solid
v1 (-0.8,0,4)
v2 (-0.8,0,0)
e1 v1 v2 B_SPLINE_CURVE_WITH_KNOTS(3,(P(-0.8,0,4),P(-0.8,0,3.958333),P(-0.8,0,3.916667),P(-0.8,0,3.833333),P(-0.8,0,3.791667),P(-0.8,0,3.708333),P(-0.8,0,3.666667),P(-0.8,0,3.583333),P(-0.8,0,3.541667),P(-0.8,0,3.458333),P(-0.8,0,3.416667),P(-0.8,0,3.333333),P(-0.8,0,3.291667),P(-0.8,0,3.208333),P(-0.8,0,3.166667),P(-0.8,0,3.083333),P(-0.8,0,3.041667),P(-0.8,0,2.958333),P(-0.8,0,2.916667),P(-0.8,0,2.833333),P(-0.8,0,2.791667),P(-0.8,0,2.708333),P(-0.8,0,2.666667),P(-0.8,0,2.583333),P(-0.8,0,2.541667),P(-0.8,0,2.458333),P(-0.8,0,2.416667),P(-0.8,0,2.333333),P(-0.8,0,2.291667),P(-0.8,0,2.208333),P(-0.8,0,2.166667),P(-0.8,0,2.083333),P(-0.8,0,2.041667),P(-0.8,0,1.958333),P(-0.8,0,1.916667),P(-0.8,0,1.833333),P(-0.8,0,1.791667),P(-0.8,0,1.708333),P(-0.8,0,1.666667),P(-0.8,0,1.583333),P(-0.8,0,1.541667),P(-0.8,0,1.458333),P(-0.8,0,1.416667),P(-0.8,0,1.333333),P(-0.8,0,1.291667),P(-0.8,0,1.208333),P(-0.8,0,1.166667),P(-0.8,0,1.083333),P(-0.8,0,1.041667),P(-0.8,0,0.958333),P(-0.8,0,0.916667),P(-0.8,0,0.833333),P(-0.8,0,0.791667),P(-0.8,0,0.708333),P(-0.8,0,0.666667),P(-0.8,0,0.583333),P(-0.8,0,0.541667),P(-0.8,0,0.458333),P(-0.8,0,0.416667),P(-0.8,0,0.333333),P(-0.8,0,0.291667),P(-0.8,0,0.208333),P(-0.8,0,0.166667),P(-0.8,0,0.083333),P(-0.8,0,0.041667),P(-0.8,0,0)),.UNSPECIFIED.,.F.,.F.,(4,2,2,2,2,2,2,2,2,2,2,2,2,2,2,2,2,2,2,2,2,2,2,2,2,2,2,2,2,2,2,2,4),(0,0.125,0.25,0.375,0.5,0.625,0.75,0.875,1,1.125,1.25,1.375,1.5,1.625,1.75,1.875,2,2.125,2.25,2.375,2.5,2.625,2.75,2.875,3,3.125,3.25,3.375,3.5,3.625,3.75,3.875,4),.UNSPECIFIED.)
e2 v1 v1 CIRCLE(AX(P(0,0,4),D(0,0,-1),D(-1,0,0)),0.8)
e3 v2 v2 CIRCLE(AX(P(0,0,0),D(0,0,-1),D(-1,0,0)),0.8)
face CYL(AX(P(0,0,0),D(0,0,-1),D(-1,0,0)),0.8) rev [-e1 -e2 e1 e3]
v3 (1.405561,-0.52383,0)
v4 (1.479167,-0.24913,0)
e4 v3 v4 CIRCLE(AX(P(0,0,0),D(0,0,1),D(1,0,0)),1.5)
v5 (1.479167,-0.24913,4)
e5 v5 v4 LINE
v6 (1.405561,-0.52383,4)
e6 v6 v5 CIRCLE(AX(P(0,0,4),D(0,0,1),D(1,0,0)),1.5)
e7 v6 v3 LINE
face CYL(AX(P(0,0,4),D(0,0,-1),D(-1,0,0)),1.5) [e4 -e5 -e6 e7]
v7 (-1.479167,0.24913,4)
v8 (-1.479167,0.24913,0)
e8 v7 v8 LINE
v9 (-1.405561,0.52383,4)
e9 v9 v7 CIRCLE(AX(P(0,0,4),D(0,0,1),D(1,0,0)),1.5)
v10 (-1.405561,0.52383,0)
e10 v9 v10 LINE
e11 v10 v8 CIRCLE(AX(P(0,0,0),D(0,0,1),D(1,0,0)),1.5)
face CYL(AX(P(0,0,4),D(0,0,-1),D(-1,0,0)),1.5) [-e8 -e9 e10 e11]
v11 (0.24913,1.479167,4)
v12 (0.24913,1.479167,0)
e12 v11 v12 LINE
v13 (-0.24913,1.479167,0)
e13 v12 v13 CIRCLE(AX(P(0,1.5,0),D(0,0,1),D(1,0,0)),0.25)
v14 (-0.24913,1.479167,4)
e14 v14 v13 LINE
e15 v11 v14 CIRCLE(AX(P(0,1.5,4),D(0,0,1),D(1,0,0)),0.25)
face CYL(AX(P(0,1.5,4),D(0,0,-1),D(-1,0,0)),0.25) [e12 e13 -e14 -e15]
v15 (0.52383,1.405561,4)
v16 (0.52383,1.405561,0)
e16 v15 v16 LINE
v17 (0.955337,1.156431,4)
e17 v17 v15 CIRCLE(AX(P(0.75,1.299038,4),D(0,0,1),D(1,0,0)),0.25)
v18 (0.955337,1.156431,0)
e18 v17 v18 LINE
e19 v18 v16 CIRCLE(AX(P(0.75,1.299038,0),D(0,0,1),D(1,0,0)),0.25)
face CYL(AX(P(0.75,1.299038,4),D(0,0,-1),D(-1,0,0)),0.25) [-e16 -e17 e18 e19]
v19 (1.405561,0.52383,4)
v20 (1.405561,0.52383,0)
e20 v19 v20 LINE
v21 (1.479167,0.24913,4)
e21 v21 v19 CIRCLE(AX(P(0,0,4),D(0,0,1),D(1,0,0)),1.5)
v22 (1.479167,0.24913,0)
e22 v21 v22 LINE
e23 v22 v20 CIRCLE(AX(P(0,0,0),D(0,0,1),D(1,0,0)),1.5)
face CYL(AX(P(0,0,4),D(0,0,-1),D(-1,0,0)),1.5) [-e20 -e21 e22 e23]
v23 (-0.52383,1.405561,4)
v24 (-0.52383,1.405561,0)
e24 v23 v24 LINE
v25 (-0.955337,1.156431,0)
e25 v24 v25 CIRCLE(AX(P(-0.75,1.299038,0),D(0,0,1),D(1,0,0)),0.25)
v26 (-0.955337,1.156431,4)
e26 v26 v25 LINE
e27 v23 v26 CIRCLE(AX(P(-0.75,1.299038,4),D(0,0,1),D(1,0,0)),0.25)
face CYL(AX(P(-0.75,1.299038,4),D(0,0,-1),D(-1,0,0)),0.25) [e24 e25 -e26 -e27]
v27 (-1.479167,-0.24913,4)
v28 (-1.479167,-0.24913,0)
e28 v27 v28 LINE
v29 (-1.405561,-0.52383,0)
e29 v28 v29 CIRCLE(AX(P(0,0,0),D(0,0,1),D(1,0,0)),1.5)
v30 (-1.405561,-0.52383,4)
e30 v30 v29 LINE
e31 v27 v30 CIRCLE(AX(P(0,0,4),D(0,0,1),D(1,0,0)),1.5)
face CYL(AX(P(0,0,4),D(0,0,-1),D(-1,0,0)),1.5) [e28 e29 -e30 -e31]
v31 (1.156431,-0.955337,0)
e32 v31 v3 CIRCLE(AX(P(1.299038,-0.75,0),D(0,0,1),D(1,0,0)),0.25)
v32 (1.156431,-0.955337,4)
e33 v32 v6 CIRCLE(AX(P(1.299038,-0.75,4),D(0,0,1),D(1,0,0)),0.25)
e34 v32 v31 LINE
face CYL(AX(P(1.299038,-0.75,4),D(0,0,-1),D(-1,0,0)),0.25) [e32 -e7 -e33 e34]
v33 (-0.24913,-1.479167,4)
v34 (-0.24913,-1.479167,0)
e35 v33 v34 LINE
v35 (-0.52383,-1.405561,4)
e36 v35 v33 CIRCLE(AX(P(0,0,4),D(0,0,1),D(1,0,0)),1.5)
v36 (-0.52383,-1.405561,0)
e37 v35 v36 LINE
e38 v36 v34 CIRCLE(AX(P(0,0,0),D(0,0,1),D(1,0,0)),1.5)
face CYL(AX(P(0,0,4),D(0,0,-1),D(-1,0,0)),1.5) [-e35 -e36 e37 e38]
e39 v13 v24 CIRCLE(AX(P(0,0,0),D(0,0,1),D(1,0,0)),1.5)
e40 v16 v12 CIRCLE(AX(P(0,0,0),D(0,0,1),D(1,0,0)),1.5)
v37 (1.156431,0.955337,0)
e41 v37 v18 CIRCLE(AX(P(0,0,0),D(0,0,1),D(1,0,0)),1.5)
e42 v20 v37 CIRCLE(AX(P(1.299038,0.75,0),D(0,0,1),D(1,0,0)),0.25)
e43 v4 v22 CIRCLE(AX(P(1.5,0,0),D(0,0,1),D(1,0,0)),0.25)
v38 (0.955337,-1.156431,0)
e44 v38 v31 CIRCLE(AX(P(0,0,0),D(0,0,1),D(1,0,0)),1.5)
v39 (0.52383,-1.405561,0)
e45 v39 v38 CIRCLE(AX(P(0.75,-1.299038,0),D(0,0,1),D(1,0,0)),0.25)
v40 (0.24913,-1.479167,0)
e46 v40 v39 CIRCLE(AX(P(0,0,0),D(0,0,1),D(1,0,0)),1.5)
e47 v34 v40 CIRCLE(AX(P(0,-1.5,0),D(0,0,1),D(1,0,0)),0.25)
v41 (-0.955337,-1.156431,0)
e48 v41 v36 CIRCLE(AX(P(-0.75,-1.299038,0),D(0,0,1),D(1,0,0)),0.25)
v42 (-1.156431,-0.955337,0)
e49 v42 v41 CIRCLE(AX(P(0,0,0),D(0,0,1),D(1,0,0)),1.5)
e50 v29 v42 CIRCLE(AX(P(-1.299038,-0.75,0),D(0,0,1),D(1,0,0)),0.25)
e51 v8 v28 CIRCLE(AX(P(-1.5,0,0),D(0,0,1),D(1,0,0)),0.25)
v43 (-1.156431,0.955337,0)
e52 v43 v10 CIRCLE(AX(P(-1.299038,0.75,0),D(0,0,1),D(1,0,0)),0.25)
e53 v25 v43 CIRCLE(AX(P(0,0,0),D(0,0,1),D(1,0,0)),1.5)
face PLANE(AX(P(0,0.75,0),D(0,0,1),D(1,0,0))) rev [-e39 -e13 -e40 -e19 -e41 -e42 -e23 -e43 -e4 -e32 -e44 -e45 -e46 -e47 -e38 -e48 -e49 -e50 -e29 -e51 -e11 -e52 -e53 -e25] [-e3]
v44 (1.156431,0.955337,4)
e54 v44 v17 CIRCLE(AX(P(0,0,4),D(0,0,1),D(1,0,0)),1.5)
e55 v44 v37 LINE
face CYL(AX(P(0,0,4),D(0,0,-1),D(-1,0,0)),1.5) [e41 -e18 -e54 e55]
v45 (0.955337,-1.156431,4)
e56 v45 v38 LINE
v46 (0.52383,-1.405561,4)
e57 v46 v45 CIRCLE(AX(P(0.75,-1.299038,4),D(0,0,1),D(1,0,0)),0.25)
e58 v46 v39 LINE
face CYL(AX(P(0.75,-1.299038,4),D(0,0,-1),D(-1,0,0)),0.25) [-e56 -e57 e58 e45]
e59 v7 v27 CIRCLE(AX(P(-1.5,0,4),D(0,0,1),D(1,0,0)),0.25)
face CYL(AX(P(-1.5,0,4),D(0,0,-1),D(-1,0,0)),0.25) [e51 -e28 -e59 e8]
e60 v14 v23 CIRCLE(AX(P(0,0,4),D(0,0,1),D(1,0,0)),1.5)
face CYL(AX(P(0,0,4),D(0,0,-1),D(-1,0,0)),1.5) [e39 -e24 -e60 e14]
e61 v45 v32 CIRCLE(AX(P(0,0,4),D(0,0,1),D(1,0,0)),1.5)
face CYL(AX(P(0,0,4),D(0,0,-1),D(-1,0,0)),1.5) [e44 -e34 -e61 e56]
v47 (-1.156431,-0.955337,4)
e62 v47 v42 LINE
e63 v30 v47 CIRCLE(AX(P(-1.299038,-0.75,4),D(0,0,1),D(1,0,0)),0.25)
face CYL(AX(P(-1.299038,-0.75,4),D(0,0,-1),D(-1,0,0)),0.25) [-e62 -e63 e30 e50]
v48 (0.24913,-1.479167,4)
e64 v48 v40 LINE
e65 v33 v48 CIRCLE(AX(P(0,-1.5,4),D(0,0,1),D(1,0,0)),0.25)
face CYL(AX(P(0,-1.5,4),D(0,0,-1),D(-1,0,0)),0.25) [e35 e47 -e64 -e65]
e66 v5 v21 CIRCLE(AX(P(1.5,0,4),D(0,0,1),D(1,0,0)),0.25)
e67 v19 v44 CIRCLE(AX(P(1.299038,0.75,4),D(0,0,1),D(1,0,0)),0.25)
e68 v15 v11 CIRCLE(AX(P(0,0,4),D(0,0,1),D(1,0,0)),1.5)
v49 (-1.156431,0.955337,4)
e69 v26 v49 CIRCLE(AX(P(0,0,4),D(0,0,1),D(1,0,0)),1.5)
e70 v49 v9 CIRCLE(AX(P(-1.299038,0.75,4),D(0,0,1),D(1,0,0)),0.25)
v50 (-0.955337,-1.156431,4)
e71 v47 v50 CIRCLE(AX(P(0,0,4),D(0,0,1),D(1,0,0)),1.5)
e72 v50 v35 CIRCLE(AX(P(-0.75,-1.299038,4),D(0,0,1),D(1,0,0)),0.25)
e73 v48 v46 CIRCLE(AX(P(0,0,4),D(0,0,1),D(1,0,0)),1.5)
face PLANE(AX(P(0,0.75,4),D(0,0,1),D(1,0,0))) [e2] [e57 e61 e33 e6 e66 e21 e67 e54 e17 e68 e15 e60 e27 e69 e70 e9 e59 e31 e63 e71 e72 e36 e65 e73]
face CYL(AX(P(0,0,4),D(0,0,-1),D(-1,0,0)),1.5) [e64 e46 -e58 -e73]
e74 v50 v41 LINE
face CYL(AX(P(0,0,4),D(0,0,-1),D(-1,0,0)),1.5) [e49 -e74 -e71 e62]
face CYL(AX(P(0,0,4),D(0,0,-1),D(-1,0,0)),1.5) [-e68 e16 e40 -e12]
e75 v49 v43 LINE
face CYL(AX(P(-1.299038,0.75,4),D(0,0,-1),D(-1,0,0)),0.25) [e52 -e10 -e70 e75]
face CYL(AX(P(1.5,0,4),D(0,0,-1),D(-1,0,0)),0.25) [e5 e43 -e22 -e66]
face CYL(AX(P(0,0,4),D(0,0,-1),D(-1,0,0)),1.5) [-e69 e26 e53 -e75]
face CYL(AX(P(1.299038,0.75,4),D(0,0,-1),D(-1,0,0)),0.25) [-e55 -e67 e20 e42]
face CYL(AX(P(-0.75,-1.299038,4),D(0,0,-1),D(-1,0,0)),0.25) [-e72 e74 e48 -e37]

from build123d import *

# Parameters (mm, degrees)
BOSS_EXTRU_1_DEPTH = 4
TROU_TARAUD_M21_D  = 1.6


with BuildPart() as part:
    # Esquisse1 → Boss.-Extru.1 (new body)
    with BuildSketch(Plane.XY):
        with BuildLine():
            ThreePointArc((0.249130432, 1.479166667), (0, 1.75), (-0.249130432, 1.479166667))
            ThreePointArc((-0.249130432, 1.479166667), (-0.388228568, 1.448888739), (-0.52383005, 1.405561126))
            ThreePointArc((-0.52383005, 1.405561126), (-0.875, 1.515544457), (-0.955336616, 1.156430694))
            ThreePointArc((-0.955336616, 1.156430694), (-1.060660172, 1.060660172), (-1.156430694, 0.955336616))
            ThreePointArc((-1.156430694, 0.955336616), (-1.515544457, 0.875), (-1.405561126, 0.52383005))
            ThreePointArc((-1.405561126, 0.52383005), (-1.448888739, 0.388228568), (-1.479166667, 0.249130432))
            ThreePointArc((-1.479166667, 0.249130432), (-1.75, 0), (-1.479166667, -0.249130432))
            ThreePointArc((-1.479166667, -0.249130432), (-1.448888739, -0.388228568), (-1.405561126, -0.52383005))
            ThreePointArc((-1.405561126, -0.52383005), (-1.515544457, -0.875), (-1.156430694, -0.955336616))
            ThreePointArc((-1.156430694, -0.955336616), (-1.060660172, -1.060660172), (-0.955336616, -1.156430694))
            ThreePointArc((-0.955336616, -1.156430694), (-0.875, -1.515544457), (-0.52383005, -1.405561126))
            ThreePointArc((-0.52383005, -1.405561126), (-0.388228568, -1.448888739), (-0.249130432, -1.479166667))
            ThreePointArc((-0.249130432, -1.479166667), (0, -1.75), (0.249130432, -1.479166667))
            ThreePointArc((0.249130432, -1.479166667), (0.388228568, -1.448888739), (0.52383005, -1.405561126))
            ThreePointArc((0.52383005, -1.405561126), (0.875, -1.515544457), (0.955336616, -1.156430694))
            ThreePointArc((0.955336616, -1.156430694), (1.060660172, -1.060660172), (1.156430694, -0.955336616))
            ThreePointArc((1.156430694, -0.955336616), (1.515544457, -0.875), (1.405561126, -0.52383005))
            ThreePointArc((1.405561126, -0.52383005), (1.448888739, -0.388228568), (1.479166667, -0.249130432))
            ThreePointArc((1.479166667, -0.249130432), (1.75, 0), (1.479166667, 0.249130432))
            ThreePointArc((1.479166667, 0.249130432), (1.448888739, 0.388228568), (1.405561126, 0.52383005))
            ThreePointArc((1.405561126, 0.52383005), (1.515544457, 0.875), (1.156430694, 0.955336616))
            ThreePointArc((1.156430694, 0.955336616), (1.060660172, 1.060660172), (0.955336616, 1.156430694))
            ThreePointArc((0.955336616, 1.156430694), (0.875, 1.515544457), (0.52383005, 1.405561126))
            ThreePointArc((0.52383005, 1.405561126), (0.388228568, 1.448888739), (0.249130432, 1.479166667))
        make_face()
    extrude(amount=BOSS_EXTRU_1_DEPTH)

    # Trou taraudé M21 (through all)
    with Locations(Plane(origin=(0, 0, 0), x_dir=(-1, 0, 0), z_dir=(0, 0, -1))):
        with Locations((0, 0)):
            Hole(TROU_TARAUD_M21_D / 2)


solid = part.part
